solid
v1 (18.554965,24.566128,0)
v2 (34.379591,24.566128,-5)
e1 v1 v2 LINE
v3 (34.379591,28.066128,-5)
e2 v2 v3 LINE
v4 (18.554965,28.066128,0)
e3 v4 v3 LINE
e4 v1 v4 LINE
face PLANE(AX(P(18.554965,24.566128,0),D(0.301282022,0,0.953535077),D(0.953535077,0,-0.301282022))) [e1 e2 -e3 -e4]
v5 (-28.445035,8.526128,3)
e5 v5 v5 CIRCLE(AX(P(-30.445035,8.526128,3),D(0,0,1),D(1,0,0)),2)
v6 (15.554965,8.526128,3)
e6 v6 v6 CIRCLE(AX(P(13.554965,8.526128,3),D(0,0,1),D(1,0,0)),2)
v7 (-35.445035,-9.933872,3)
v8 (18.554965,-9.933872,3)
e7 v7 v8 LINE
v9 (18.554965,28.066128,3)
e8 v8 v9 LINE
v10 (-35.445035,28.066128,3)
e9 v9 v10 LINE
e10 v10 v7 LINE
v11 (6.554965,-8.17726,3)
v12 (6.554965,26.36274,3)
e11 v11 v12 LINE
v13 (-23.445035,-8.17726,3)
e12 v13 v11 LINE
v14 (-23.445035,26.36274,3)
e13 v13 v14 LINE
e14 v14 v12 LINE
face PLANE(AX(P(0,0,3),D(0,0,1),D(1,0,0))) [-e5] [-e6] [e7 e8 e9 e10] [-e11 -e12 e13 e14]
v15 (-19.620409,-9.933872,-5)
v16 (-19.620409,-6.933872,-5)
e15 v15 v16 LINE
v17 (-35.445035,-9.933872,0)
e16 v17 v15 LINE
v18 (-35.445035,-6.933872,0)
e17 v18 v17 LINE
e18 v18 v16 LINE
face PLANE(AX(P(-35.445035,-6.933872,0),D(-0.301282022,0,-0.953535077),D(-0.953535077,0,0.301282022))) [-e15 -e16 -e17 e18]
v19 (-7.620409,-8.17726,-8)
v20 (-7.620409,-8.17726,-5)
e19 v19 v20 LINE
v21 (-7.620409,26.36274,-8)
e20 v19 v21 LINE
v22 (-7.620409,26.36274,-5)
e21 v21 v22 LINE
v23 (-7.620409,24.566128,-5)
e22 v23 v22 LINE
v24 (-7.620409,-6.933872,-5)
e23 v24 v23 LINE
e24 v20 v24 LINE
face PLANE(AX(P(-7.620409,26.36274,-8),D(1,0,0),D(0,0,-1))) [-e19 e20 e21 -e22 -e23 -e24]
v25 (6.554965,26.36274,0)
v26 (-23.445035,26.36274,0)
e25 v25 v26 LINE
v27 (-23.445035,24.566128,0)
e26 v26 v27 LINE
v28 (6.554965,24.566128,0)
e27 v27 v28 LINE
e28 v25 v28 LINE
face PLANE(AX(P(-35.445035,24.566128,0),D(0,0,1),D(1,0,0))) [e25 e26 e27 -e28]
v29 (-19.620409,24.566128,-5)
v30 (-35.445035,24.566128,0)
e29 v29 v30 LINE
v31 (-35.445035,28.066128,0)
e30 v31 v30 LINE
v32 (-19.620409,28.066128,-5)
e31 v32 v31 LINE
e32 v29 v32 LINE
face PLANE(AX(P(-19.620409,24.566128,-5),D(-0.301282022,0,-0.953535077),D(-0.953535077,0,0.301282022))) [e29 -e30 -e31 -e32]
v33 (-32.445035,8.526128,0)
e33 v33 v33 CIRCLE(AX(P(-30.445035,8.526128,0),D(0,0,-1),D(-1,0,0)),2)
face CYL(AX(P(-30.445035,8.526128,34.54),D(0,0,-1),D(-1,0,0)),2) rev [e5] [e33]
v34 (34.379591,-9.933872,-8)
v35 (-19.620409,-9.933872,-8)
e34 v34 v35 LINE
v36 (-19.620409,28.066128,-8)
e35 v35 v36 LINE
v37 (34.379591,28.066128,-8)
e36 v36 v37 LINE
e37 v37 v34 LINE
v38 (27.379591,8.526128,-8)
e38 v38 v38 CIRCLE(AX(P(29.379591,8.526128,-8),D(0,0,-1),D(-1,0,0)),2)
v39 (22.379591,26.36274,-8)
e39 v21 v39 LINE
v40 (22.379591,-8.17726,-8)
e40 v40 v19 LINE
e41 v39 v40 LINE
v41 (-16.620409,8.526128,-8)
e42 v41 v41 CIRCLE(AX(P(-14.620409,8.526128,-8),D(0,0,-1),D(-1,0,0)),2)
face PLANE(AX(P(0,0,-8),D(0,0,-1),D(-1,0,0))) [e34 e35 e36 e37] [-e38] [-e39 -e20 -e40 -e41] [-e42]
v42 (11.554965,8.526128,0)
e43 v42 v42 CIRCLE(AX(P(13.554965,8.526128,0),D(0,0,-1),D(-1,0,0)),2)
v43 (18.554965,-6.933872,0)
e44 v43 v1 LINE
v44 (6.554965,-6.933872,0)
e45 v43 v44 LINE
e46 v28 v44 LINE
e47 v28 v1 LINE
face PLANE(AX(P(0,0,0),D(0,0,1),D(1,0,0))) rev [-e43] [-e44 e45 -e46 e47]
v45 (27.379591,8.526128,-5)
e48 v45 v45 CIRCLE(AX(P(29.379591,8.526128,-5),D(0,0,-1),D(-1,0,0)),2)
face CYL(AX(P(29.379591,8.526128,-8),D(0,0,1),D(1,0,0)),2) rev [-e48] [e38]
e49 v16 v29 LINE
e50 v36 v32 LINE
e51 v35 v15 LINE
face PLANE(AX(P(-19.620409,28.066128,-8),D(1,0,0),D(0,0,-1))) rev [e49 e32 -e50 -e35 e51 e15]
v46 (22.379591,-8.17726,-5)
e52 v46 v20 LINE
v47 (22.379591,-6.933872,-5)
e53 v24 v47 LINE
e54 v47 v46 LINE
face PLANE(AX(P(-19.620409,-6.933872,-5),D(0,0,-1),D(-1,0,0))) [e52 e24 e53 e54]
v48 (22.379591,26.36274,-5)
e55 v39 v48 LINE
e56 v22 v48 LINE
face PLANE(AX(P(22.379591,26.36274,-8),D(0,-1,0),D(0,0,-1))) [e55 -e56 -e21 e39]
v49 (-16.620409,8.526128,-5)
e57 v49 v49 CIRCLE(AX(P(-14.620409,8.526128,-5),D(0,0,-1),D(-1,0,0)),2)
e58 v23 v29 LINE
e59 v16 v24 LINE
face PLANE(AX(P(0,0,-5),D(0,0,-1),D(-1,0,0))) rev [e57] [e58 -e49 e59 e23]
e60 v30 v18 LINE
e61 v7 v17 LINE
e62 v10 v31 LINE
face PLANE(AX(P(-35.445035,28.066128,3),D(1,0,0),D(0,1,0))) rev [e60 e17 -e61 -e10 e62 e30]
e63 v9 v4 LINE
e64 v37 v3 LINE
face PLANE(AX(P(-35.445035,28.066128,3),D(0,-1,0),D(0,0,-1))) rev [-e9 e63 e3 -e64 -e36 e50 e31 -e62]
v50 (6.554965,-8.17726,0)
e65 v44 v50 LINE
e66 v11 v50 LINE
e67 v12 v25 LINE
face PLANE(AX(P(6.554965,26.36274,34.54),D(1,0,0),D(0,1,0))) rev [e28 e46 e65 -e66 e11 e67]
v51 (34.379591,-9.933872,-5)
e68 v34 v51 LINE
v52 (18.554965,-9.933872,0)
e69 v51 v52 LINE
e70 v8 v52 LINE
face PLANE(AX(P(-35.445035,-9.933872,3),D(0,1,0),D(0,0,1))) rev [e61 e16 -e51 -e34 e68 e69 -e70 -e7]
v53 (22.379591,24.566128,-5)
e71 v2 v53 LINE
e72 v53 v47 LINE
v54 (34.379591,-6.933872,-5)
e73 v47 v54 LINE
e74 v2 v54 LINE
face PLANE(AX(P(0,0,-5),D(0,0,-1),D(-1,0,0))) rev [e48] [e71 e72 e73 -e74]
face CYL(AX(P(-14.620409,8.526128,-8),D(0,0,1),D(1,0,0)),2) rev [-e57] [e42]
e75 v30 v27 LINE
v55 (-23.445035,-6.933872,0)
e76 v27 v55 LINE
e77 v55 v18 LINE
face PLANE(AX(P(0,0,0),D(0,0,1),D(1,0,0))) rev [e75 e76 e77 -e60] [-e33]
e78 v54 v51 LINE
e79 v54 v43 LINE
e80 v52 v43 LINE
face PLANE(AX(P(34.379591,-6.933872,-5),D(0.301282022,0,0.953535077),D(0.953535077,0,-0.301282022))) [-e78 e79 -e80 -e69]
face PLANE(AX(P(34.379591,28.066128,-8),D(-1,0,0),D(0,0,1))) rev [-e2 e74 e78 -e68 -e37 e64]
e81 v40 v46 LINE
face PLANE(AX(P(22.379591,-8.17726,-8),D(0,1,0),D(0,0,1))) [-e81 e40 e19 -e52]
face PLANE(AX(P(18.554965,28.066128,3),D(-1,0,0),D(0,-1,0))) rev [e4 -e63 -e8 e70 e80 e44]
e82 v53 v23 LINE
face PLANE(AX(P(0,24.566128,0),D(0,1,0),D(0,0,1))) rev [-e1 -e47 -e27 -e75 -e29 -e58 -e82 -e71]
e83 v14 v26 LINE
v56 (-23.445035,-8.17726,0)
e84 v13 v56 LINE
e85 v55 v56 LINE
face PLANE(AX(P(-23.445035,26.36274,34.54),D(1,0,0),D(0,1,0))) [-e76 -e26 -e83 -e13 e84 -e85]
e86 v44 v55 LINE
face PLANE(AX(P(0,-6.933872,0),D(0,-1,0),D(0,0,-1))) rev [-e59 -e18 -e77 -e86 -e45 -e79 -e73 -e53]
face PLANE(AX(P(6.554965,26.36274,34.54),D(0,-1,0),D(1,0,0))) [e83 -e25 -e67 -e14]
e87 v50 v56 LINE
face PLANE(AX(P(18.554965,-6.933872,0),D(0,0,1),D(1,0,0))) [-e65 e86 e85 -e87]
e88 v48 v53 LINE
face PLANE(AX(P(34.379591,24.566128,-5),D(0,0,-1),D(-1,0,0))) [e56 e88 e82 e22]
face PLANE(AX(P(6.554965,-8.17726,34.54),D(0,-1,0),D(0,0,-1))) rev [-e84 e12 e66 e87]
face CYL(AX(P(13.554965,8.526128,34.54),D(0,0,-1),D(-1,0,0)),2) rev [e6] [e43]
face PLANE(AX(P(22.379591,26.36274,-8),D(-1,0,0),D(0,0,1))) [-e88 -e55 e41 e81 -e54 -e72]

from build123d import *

# Parameters (mm, degrees)
SKETCH_1_W          = 54
SKETCH_1_H          = 38
EXTRUDE_1_DEPTH     = 3
SKETCH_3_R          = 2
SKETCH_3_W          = 30
SKETCH_3_H          = 34.54
CUT_EXTRUDE_1_DEPTH = 34.54
SKETCH_4_W          = 54
SKETCH_4_H          = 38
SKETCH_4_R          = 2
SKETCH_4_W_2        = 30
SKETCH_4_H_2        = 34.54
EXTRUDE_2_DEPTH     = 3
EXTRUDE_3_DEPTH     = 3.5
EXTRUDE_4_DEPTH     = 3


with BuildPart() as part:
    # 草图1 → 凸台-拉伸1 (new body)
    with BuildSketch(Plane.XY):
        with Locations((-8.445035234, 9.066128075)):
            Rectangle(SKETCH_1_W, SKETCH_1_H)
    extrude(amount=EXTRUDE_1_DEPTH)

    # 草图3 → 切除-拉伸1 (cut)
    with BuildSketch(Plane(origin=(0, 0, 0), x_dir=(-1, 0, 0), z_dir=(0, 0, -1))):
        with Locations((-13.554964766, 8.526128075)):
            Circle(SKETCH_3_R)
        with Locations((30.445035234, 8.526128075)):
            Circle(SKETCH_3_R)
        with Locations((8.445035234, 9.092740444)):
            Rectangle(SKETCH_3_W, SKETCH_3_H)
    extrude(amount=-CUT_EXTRUDE_1_DEPTH, mode=Mode.SUBTRACT)



with BuildPart() as body_2:
    # 草图4 → 凸台-拉伸2 (new body)
    with BuildSketch(Plane(origin=(15.82462623, 0, -5), x_dir=(-1, 0, 0), z_dir=(0, 0, -1))):
        with Locations((8.445035234, 9.066128075)):
            Rectangle(SKETCH_4_W, SKETCH_4_H)
        with Locations((-13.554964766, 8.526128075)):
            Circle(SKETCH_4_R, mode=Mode.SUBTRACT)
        with Locations((30.445035234, 8.526128075)):
            Circle(SKETCH_4_R, mode=Mode.SUBTRACT)
        with Locations((8.445035234, 9.092740444)):
            Rectangle(SKETCH_4_W_2, SKETCH_4_H_2, mode=Mode.SUBTRACT)
    extrude(amount=EXTRUDE_2_DEPTH)


with BuildPart() as part_1:
    add(part.part)

    add(body_2.part)  # 凸台-拉伸3 merges body 2
    # 草图5 → 凸台-拉伸3 (add)
    with BuildSketch(Plane(origin=(0, 28.066128075, 0), x_dir=(1, 0, 0), z_dir=(0, 1, 0))):
        Polygon((-19.620409004, 5), (-35.445035234, 0), (18.554964766, 0), (34.379590996, 5), align=None)
    extrude(amount=-EXTRUDE_3_DEPTH)

    # 草图6 → 凸台-拉伸4 (add)
    with BuildSketch(Plane.XZ.offset(9.933871925)):
        Polygon((-35.445035234, 0), (-19.620409004, -5), (34.379590996, -5), (18.554964766, 0), align=None)
    extrude(amount=-EXTRUDE_4_DEPTH)


solid = part_1.part
